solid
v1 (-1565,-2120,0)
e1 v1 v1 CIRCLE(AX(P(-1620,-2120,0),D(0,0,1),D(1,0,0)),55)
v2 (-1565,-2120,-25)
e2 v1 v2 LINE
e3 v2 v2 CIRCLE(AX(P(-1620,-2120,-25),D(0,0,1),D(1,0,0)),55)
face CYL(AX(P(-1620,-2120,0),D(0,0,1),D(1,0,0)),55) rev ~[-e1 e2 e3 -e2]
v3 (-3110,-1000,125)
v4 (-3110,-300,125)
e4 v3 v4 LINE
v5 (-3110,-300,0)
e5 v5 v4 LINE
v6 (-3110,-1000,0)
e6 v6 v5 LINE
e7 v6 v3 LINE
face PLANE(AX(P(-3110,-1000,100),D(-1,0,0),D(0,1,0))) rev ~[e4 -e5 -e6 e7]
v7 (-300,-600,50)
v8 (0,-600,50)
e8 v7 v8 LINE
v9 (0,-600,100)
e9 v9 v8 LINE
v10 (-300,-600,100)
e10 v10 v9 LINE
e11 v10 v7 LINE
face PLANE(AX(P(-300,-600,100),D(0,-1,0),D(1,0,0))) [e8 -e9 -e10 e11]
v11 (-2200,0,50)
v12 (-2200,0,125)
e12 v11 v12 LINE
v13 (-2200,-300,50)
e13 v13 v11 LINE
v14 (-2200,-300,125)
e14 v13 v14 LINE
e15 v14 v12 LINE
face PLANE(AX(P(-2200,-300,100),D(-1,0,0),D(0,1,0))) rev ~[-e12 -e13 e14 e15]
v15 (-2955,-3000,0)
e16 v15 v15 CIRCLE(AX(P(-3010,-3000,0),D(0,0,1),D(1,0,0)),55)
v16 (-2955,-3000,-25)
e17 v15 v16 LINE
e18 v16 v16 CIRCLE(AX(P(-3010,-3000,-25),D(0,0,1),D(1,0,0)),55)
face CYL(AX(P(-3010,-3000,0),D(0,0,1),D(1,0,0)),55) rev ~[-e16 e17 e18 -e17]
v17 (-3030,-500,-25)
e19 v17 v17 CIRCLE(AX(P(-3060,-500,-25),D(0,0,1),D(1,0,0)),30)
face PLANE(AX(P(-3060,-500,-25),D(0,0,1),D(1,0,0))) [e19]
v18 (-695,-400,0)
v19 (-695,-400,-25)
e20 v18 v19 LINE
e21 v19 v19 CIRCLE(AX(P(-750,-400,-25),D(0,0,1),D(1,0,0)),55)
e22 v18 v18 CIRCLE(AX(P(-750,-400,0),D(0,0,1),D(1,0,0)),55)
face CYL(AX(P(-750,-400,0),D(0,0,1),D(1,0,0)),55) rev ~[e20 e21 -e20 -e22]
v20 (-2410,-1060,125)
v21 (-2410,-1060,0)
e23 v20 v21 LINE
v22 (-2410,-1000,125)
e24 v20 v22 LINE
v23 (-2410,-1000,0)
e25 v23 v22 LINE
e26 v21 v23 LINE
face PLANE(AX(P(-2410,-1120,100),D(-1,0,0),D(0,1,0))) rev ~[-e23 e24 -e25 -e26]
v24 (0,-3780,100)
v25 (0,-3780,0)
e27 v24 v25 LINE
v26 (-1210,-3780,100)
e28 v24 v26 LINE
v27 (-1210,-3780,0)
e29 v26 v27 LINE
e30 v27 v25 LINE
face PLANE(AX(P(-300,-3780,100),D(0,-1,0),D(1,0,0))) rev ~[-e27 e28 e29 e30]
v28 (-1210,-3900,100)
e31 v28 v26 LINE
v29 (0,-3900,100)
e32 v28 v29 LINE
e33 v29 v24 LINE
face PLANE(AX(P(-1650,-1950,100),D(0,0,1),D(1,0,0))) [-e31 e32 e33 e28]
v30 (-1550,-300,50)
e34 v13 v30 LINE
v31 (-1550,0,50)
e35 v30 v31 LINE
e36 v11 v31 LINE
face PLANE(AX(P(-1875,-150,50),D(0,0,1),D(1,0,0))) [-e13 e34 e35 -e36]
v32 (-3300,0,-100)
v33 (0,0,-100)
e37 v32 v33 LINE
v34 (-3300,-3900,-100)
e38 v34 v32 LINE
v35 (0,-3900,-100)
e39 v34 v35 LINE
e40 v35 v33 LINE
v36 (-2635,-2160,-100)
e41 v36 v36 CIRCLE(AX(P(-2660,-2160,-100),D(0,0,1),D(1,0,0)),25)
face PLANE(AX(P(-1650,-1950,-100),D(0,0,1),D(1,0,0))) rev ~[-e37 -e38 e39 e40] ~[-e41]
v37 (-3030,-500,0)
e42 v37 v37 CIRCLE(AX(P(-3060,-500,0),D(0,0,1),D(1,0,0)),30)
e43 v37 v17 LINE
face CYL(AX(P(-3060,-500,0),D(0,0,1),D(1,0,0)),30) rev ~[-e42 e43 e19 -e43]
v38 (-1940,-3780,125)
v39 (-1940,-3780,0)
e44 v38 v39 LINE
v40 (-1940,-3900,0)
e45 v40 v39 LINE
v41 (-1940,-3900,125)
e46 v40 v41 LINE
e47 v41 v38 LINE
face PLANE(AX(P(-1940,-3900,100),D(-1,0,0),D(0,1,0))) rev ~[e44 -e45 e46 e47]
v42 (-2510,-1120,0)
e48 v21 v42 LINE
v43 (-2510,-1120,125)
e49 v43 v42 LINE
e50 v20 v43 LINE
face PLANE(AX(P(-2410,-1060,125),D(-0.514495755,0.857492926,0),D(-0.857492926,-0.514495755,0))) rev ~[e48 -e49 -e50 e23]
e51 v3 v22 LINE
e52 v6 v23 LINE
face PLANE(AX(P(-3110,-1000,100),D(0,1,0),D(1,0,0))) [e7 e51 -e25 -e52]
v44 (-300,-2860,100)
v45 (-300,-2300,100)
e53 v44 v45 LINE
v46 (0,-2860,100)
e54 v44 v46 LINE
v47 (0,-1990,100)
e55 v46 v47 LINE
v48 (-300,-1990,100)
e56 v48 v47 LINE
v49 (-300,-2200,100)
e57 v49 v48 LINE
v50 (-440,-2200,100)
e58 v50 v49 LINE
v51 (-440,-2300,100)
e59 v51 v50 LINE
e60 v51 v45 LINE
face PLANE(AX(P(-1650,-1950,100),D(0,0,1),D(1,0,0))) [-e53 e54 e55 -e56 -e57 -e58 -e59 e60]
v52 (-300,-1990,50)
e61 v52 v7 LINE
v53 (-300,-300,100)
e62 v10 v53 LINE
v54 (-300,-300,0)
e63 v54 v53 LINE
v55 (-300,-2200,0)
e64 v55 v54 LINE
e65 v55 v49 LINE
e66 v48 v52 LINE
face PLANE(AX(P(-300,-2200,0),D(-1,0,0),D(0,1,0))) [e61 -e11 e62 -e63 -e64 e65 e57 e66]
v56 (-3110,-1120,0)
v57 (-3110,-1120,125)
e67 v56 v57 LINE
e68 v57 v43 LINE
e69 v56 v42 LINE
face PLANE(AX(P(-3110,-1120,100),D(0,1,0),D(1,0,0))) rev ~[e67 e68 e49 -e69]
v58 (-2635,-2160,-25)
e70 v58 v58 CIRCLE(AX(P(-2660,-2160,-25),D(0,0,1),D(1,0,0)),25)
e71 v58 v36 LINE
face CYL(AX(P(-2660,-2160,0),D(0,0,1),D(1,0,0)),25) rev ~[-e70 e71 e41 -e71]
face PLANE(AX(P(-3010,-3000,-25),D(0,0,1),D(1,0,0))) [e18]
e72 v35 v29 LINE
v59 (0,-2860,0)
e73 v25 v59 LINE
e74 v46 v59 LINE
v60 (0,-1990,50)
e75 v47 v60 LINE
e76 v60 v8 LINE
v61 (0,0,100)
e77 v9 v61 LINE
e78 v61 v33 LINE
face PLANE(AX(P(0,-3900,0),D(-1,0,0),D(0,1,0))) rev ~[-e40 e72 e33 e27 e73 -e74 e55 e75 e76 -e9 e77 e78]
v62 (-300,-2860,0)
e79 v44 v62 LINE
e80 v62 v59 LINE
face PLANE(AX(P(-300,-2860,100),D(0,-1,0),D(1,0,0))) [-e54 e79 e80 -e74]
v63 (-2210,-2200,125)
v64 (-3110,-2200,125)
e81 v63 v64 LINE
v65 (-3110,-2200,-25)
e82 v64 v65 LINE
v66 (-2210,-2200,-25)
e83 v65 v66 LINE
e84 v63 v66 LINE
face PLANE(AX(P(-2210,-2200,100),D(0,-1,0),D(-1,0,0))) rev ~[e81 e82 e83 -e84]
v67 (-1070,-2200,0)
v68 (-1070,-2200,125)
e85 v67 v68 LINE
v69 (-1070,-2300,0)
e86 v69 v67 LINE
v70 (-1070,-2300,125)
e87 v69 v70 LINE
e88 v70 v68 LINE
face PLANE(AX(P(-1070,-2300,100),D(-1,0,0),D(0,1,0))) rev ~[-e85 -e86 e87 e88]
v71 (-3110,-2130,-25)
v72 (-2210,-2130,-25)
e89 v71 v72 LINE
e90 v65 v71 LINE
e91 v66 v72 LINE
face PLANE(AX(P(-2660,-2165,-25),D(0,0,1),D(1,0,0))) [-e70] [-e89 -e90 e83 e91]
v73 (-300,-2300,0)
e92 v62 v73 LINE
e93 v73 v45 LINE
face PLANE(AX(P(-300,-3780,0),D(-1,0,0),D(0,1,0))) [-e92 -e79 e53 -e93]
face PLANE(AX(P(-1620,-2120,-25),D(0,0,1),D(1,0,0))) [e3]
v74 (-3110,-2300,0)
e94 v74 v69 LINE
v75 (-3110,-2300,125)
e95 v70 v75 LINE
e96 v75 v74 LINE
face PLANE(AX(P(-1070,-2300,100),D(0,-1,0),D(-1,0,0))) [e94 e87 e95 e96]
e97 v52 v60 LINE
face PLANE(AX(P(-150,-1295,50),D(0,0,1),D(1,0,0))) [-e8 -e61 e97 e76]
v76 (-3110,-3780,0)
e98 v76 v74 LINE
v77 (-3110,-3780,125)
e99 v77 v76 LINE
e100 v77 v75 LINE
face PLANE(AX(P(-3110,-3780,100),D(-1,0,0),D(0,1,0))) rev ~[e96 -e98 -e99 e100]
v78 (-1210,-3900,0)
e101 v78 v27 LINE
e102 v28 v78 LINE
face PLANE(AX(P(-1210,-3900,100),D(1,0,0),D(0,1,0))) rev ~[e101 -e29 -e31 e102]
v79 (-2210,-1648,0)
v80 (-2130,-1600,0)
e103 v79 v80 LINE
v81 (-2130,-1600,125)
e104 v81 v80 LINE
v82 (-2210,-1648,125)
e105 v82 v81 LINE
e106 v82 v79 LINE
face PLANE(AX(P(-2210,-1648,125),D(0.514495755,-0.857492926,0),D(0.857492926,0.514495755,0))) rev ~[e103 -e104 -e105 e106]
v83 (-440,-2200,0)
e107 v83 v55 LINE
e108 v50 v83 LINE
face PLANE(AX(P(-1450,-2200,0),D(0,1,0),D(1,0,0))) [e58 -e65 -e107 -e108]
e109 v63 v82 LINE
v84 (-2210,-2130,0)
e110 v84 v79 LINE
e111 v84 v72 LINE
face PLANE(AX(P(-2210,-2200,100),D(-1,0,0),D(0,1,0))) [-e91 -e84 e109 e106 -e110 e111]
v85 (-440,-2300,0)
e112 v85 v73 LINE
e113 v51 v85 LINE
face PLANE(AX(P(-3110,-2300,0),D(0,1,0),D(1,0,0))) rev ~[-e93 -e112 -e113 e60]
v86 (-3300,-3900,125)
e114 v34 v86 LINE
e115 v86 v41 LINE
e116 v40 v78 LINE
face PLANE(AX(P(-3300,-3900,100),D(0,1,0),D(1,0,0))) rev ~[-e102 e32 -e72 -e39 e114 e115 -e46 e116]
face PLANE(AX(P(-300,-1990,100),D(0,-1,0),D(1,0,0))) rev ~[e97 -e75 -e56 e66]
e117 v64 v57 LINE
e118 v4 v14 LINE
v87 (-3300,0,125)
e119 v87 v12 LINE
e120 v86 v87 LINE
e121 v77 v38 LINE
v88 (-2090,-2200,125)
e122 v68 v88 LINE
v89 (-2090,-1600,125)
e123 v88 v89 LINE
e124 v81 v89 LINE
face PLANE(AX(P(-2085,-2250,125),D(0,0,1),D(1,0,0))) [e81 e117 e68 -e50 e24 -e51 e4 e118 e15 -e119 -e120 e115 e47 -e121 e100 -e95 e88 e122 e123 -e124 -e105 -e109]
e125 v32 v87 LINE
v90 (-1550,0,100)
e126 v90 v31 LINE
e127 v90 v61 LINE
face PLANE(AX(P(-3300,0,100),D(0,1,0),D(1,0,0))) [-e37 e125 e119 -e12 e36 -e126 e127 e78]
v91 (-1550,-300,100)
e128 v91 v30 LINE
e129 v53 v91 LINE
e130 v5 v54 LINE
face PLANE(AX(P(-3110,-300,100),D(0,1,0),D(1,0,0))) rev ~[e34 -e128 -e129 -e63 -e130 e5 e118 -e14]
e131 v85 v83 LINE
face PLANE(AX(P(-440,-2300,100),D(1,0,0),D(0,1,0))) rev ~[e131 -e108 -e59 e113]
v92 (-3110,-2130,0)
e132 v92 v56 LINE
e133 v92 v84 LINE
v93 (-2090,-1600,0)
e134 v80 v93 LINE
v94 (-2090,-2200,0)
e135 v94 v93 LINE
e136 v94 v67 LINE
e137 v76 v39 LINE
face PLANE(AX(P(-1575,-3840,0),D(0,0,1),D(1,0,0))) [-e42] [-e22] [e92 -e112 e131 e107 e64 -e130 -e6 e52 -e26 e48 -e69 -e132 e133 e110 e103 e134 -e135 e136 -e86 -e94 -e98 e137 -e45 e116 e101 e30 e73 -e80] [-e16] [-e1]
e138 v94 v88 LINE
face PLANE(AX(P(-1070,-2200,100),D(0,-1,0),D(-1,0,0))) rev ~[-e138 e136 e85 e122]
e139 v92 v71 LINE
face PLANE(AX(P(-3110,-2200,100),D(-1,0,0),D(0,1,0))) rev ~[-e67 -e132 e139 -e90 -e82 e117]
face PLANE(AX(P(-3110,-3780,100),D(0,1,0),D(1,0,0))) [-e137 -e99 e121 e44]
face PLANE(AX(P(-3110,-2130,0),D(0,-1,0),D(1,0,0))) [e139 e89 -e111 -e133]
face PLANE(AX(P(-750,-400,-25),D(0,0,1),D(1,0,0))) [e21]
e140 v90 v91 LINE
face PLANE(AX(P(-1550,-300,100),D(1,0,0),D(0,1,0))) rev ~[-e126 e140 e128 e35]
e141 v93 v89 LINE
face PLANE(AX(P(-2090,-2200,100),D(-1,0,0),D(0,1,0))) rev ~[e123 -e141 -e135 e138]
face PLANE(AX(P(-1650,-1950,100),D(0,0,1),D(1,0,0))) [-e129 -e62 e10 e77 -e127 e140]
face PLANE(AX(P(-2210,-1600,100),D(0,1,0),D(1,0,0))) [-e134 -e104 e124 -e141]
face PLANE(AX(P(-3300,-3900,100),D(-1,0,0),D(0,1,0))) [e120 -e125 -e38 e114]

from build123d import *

# Parameters (mm, degrees)
F0_W      = 3300
F0_H      = 3900
F1_DEPTH  = 100
F2_W      = 3300
F2_H      = 3900
F2_W_2    = 2810
F2_H_2    = 1480
F2_W_3    = 1560
F2_H_3    = 1900
F2_W_4    = 1150
F3_DEPTH  = 100
F4_W      = 630
F4_H      = 100
F4_W_2    = 300
F4_H_2    = 920
F4_W_3    = 730
F4_H_3    = 120
F5_DEPTH  = 100
F4_W_4    = 650
F4_H_4    = 300
F4_H_5    = 1390
F6_DEPTH  = 50
F7_W      = 100
F7_H      = 1900
F8_DEPTH  = 100
F9_W      = 630
F9_H      = 100
F10_DEPTH = 100
F11_W     = 700
F11_H     = 120
F12_DEPTH = 100
F13_W     = 120
F13_H     = 600
F14_DEPTH = 100
F15_DEPTH = 25
F17_DEPTH = 125
F18_R     = 55
F18_R_2   = 30
F18_W     = 900
F18_H     = 70
F19_DEPTH = 25
F20_R     = 25
F21_DEPTH = 100


with BuildPart() as f1:
    # F0 (on Top) → F1 (new body)
    with BuildSketch(Plane.XY):
        with Locations((-1650, -1950)):
            Rectangle(F0_W, F0_H)
    extrude(amount=-F1_DEPTH)

    # F2 (on face) → F3 (join)
    with BuildSketch(Plane.XY):
        with Locations((-1650, -1950)):
            Rectangle(F2_W, F2_H)
        with Locations((-1705, -3040)):
            Rectangle(F2_W_2, F2_H_2, mode=Mode.SUBTRACT)
        with Locations((-2330, -1250)):
            Rectangle(F2_W_3, F2_H_3, mode=Mode.SUBTRACT)
        with Locations((-875, -1250)):
            Rectangle(F2_W_4, F2_H_3, mode=Mode.SUBTRACT)
    extrude(amount=F3_DEPTH)

    # F4 (on face) → F5 (cut, through all)
    with BuildSketch(Plane.XY.offset(100)):
        with Locations((-2085, -2250)):
            Rectangle(F4_W, F4_H)
        with Locations((-755, -2250)):
            Rectangle(F4_W, F4_H)
        with Locations((-150, -3320)):
            Rectangle(F4_W_2, F4_H_2)
        with Locations((-1575, -3840)):
            Rectangle(F4_W_3, F4_H_3)
    extrude(amount=-F5_DEPTH, mode=Mode.SUBTRACT)

    # F4 (on face) → F6 (cut)
    with BuildSketch(Plane.XY.offset(100)):
        with Locations((-1875, -150)):
            Rectangle(F4_W_4, F4_H_4)
        with Locations((-150, -1295)):
            Rectangle(F4_W_2, F4_H_5)
    extrude(amount=-F6_DEPTH, mode=Mode.SUBTRACT)

    # F7 (on face) → F8 (cut, through all)
    with BuildSketch(Plane.XY.offset(100)):
        with Locations((-1500, -1250)):
            Rectangle(F7_W, F7_H)
    extrude(amount=-F8_DEPTH, mode=Mode.SUBTRACT)

    # F9 (on face) → F10 (join, through all)
    with BuildSketch(Plane.XY):
        with Locations((-2085, -2250)):
            Rectangle(F9_W, F9_H)
    extrude(amount=F10_DEPTH)

    # F11 (on face) → F12 (join, through all)
    with BuildSketch(Plane.XY):
        with Locations((-2760, -1060)):
            Rectangle(F11_W, F11_H)
    extrude(amount=F12_DEPTH)

    # F13 (on face) → F14 (join, through all)
    with BuildSketch(Plane.XY):
        with Locations((-2150, -1900)):
            Rectangle(F13_W, F13_H)
    extrude(amount=F14_DEPTH)

    # F15 (add): a face of the model
    f15_faces = [f1.faces().sort_by_distance(p)[0] for p in [
        (-2244.9253825805, -150, 100),
    ]]
    extrude(f15_faces, amount=F15_DEPTH)

    # F16 (on face) → F17 (cut, through all)
    with BuildSketch(Plane.XY.offset(125)):
        Polygon((-2410, -1120), (-2410, -1060), (-2510, -1120), align=None)
        Polygon((-2210, -1648), (-2130, -1600), (-2210, -1600), align=None)
    extrude(amount=-F17_DEPTH, mode=Mode.SUBTRACT)

    # F18 (on face) → F19 (cut)
    with BuildSketch(Plane.XY):
        with Locations((-750, -400)):
            Circle(F18_R)
        with Locations((-3060, -500)):
            Circle(F18_R_2)
        with Locations((-1620, -2120)):
            Circle(F18_R)
        with Locations((-3010, -3000)):
            Circle(F18_R)
        with Locations((-2660, -2165)):
            Rectangle(F18_W, F18_H)
    extrude(amount=-F19_DEPTH, mode=Mode.SUBTRACT)

    # F20 (on face) → F21 (cut)
    with BuildSketch(Plane.XY):
        with Locations((-2660, -2160)):
            Circle(F20_R)
    extrude(amount=-F21_DEPTH, mode=Mode.SUBTRACT)


solid = f1.part
